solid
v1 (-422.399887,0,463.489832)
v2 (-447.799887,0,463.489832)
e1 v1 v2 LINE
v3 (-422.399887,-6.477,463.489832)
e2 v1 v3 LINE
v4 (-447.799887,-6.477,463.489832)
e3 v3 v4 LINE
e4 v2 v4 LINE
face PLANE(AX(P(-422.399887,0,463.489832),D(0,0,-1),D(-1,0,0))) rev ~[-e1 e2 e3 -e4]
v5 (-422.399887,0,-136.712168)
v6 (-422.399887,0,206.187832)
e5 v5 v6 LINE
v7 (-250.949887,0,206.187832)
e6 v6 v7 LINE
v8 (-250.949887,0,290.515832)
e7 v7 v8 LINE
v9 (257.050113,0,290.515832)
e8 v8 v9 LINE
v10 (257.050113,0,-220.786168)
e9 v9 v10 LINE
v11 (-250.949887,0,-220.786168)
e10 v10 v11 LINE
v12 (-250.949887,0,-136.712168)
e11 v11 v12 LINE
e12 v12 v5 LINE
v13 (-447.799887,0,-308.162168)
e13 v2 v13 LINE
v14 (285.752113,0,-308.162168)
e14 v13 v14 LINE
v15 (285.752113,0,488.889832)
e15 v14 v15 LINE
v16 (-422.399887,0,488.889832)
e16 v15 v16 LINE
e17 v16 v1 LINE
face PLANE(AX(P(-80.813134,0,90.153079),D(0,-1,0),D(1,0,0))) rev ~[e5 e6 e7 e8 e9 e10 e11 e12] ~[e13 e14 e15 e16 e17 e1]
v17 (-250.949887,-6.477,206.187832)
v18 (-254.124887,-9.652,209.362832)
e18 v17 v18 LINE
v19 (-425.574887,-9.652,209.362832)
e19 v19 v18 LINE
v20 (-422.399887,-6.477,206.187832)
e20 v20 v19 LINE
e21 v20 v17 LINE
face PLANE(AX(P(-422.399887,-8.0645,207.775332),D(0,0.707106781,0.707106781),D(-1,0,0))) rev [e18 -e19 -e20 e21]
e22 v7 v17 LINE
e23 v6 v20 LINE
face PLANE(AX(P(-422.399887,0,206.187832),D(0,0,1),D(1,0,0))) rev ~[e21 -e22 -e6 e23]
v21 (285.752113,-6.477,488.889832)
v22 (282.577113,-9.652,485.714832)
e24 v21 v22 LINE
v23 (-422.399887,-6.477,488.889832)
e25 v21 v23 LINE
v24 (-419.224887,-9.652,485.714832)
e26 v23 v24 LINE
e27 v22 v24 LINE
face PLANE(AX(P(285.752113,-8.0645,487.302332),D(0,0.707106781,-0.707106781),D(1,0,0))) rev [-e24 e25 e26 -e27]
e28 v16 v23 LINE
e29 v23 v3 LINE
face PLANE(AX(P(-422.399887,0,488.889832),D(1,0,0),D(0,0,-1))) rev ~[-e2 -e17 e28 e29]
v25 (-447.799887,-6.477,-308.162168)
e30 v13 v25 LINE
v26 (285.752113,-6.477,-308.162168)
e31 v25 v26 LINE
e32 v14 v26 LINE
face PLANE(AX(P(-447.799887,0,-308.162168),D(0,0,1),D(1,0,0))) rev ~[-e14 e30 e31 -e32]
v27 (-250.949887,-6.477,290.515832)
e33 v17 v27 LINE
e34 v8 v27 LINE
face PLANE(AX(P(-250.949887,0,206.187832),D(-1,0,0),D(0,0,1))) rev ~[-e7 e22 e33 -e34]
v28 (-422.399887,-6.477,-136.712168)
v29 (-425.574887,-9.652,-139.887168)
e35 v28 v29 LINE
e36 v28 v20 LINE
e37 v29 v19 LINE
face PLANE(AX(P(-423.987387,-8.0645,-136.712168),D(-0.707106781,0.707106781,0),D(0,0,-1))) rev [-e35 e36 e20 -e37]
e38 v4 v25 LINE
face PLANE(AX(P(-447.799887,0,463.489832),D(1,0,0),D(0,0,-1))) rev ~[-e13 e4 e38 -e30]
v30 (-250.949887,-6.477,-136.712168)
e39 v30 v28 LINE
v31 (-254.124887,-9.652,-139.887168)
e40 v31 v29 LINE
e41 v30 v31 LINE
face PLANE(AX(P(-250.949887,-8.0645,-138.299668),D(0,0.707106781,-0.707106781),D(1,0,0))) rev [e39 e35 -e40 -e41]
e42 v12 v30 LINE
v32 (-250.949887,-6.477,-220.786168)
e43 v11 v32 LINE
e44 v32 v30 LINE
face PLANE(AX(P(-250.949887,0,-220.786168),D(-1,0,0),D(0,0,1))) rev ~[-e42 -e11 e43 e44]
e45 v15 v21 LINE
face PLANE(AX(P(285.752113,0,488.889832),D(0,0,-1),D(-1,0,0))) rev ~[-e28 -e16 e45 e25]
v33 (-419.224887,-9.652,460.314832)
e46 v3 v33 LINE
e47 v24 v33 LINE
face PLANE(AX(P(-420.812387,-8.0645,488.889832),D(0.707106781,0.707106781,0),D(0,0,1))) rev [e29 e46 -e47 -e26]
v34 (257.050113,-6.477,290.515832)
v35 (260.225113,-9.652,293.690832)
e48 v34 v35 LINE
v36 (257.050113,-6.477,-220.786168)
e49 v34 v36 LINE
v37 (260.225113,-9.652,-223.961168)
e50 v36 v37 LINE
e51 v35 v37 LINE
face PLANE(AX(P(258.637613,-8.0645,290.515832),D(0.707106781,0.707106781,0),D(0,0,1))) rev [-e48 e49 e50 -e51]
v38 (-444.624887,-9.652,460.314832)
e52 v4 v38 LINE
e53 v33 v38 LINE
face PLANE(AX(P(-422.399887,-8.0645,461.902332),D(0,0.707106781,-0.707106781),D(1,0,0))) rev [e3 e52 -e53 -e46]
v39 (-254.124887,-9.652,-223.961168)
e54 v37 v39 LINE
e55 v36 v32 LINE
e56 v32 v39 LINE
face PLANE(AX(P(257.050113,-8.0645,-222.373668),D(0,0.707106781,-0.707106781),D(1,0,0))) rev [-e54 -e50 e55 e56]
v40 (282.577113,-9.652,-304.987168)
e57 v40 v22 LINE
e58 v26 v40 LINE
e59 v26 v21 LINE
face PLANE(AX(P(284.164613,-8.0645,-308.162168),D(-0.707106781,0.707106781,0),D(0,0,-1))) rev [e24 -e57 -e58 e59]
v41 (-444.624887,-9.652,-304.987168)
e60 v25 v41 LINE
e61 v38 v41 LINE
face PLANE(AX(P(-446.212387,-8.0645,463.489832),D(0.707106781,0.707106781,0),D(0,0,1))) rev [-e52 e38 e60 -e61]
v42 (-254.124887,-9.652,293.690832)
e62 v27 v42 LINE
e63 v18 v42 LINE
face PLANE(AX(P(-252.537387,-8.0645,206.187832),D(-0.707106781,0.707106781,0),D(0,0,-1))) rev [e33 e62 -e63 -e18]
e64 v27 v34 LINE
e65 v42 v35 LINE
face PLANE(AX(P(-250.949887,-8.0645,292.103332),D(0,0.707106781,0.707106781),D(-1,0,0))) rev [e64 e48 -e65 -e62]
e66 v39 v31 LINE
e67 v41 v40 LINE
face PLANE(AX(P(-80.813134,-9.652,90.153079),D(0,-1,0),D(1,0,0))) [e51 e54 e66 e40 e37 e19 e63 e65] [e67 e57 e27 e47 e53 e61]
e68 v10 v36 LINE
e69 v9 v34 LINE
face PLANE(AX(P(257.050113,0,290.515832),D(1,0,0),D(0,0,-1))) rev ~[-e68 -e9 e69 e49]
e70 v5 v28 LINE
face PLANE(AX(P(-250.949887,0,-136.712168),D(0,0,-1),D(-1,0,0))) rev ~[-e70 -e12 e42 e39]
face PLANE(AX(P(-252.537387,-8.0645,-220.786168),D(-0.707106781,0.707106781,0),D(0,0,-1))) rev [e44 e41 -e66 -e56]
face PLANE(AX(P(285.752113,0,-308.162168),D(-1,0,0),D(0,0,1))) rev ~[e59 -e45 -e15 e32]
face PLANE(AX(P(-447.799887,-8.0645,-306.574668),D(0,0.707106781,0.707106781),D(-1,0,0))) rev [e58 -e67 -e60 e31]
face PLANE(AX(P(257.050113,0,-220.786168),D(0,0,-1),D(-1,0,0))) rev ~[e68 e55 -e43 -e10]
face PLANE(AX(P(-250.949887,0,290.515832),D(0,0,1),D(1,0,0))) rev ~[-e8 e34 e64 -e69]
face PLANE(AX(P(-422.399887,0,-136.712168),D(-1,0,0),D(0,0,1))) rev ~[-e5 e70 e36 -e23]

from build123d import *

# Parameters (mm, degrees)
F1_DEPTH = 9.652
F2_SIZE  = 3.175


with BuildPart() as f1:
    # F0 (on Front) → F1 (new body)
    with BuildSketch(Plane.XZ):
        Polygon((-447.799887, 463.489832), (-447.799887, -308.162168), (285.752113, -308.162168), (285.752113, 488.889832), (-422.399887, 488.889832), (-422.399887, 463.489832), align=None)
        Polygon((-422.399887, -136.712168), (-422.399887, 206.187832), (-250.949887, 206.187832), (-250.949887, 290.515832), (257.050113, 290.515832), (257.050113, -220.786168), (-250.949887, -220.786168), (-250.949887, -136.712168), align=None, mode=Mode.SUBTRACT)
    extrude(amount=F1_DEPTH)

    # F2
    f2_edges = [f1.edges().sort_by_distance(p)[0] for p in [
        (-447.799887, -9.652, 77.663832),
        (-81.023887, -9.652, -308.162168),
        (285.752113, -9.652, 90.363832),
        (-68.323887, -9.652, 488.889832),
        (-422.399887, -9.652, 476.189832),
        (-435.099887, -9.652, 463.489832),
        (257.050113, -9.652, 34.864832),
        (3.050113, -9.652, -220.786168),
        (-250.949887, -9.652, -178.749168),
        (-336.674887, -9.652, -136.712168),
        (-422.399887, -9.652, 34.737832),
        (-336.674887, -9.652, 206.187832),
        (-250.949887, -9.652, 248.351832),
        (3.050113, -9.652, 290.515832),
    ]]
    chamfer(f2_edges, length=F2_SIZE)


solid = f1.part
